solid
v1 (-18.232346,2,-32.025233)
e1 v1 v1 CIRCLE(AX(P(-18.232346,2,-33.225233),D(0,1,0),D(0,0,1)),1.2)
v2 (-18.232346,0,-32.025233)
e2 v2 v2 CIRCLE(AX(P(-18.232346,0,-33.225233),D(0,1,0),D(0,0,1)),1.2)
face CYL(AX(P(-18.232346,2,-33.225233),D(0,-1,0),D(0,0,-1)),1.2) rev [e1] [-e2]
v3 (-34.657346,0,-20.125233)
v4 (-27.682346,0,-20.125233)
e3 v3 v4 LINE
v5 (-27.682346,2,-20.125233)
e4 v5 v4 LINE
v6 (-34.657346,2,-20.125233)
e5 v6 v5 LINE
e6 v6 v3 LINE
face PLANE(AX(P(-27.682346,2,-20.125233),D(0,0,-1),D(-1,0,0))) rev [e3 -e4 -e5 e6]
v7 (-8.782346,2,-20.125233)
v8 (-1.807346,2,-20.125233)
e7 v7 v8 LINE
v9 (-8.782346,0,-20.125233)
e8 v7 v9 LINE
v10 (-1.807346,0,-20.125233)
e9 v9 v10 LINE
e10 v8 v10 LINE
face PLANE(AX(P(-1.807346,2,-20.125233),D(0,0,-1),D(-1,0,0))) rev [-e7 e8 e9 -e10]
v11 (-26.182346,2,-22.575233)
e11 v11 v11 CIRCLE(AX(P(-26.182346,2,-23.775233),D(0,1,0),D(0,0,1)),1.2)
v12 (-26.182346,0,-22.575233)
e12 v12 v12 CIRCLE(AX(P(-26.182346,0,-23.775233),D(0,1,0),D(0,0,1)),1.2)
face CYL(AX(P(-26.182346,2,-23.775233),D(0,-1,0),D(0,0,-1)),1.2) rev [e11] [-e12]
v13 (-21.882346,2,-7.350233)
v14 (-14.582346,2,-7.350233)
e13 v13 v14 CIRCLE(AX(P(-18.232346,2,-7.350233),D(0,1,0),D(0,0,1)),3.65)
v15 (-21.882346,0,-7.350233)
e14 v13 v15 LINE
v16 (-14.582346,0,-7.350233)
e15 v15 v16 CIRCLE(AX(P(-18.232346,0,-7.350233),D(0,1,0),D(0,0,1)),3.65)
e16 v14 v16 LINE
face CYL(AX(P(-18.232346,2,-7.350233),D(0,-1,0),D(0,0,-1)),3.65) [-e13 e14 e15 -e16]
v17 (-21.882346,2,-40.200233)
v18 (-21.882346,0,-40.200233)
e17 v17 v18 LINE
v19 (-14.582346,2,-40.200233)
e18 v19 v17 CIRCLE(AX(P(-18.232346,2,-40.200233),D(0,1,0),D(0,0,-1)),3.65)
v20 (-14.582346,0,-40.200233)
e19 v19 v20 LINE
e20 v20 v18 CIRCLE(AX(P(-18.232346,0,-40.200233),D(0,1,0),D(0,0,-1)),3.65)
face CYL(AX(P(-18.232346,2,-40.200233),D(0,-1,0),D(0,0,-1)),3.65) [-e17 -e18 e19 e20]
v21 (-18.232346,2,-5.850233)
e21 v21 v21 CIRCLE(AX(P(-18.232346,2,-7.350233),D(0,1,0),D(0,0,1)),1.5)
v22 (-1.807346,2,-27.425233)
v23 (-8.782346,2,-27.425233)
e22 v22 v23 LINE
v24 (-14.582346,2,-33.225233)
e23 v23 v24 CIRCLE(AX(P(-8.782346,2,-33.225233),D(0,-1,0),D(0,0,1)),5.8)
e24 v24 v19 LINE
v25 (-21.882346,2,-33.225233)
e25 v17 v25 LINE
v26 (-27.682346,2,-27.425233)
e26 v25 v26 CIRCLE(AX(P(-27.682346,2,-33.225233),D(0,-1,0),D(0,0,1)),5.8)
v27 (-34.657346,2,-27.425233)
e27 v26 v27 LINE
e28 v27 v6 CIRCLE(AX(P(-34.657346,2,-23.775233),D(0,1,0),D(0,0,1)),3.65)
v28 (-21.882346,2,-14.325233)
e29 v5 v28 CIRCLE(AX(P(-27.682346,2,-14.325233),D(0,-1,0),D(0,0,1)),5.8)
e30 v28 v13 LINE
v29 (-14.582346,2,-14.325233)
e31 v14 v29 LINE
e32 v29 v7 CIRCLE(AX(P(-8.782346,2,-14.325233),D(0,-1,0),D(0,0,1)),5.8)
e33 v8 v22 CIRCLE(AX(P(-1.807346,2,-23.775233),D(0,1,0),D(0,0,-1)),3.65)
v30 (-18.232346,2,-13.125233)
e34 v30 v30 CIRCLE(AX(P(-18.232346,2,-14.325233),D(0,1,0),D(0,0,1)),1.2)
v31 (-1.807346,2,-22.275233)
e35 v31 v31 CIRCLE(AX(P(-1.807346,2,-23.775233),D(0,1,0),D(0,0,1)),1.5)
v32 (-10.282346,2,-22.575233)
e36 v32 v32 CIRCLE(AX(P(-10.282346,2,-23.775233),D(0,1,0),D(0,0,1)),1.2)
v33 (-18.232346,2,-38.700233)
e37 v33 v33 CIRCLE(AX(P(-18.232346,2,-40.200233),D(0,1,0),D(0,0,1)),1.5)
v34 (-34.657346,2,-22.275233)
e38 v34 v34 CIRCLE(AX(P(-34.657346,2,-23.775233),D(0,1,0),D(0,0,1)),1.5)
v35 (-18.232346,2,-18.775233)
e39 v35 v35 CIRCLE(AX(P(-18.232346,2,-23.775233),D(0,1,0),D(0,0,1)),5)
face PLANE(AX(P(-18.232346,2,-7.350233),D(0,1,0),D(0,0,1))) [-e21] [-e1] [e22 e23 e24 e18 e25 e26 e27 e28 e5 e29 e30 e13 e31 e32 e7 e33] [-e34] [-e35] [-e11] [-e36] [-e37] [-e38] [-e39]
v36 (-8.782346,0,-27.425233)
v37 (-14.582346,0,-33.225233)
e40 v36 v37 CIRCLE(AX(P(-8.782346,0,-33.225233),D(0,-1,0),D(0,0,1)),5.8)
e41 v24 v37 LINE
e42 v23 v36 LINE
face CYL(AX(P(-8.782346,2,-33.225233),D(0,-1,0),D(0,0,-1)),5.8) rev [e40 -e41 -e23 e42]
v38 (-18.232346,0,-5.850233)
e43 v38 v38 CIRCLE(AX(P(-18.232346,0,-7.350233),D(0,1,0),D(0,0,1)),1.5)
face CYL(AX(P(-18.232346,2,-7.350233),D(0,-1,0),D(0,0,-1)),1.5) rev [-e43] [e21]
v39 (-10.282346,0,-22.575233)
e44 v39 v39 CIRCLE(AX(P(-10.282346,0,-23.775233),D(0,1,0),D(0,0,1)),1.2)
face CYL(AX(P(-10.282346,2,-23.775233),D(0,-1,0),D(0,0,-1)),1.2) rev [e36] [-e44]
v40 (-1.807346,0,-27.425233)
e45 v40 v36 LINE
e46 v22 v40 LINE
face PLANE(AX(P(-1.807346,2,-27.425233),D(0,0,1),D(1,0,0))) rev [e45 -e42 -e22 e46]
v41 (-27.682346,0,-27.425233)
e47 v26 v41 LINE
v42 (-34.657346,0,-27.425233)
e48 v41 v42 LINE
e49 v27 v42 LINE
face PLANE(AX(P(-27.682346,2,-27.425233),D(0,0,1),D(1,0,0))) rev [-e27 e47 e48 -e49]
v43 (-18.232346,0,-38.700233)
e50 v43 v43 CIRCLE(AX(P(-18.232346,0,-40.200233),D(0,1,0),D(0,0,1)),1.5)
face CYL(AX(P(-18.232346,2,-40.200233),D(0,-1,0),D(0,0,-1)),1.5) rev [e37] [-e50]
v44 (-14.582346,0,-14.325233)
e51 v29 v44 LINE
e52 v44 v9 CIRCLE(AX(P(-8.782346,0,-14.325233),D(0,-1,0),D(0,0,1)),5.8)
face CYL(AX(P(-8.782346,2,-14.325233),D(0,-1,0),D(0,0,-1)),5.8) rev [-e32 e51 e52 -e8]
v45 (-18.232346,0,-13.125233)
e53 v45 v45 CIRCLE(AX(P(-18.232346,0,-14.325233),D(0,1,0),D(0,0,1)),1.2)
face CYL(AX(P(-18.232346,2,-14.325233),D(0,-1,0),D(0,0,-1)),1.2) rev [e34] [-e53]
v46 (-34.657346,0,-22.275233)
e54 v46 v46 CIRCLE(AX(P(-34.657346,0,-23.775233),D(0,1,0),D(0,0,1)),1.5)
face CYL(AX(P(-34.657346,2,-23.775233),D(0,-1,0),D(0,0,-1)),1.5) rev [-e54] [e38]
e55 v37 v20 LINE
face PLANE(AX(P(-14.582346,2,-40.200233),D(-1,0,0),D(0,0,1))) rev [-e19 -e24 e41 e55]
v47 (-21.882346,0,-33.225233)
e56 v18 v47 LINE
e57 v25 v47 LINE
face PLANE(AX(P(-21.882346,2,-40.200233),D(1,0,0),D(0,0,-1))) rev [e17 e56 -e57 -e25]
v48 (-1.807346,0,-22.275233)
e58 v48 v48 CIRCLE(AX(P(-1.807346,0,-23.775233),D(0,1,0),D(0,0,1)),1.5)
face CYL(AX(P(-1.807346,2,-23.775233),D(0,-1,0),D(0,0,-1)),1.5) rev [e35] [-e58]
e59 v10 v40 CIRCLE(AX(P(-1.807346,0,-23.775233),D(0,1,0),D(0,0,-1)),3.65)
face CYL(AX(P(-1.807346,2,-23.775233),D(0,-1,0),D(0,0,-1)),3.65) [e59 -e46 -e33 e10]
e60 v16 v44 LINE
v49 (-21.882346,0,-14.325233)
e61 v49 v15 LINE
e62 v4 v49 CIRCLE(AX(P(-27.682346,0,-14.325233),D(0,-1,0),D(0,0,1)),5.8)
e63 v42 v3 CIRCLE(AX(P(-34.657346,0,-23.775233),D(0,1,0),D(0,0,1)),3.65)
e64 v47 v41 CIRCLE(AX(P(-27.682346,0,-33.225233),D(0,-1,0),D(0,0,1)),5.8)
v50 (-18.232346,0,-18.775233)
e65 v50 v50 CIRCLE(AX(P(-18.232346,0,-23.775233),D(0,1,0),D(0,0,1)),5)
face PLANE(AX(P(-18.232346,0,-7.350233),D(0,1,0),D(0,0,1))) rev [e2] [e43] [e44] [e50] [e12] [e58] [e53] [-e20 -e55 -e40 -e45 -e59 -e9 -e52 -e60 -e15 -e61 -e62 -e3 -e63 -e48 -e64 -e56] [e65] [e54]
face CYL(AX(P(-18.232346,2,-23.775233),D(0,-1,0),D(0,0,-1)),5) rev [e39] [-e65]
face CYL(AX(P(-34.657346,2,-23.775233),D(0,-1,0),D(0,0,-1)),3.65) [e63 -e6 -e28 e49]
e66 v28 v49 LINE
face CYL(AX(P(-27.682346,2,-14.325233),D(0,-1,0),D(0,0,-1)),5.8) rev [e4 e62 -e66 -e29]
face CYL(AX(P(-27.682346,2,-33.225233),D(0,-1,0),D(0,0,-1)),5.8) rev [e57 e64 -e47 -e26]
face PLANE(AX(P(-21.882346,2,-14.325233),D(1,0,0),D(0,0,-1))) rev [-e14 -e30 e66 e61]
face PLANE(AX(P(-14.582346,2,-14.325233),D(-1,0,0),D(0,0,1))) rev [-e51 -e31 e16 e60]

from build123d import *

# Parameters (mm, degrees)
SKETCH1_R      = 1.5
SKETCH1_R_2    = 1.2
SKETCH1_R_3    = 5
EXTRUDE1_DEPTH = 2


with BuildPart() as part:
    # Sketch1 → Extrude1 (new body)
    with BuildSketch(Plane(origin=(0, 0, 0), x_dir=(1, 0, 0), z_dir=(0, 1, 0))):
        with BuildLine():
            Line((-1.80734609, 20.125232899), (-8.78234609, 20.125232899))
            ThreePointArc((-8.78234609, 20.125232899), (-12.883565421, 18.42645223), (-14.58234609, 14.325232899))
            Line((-14.58234609, 14.325232899), (-14.58234609, 7.350232899))
            ThreePointArc((-14.58234609, 7.350232899), (-18.23234609, 3.700232899), (-21.88234609, 7.350232899))
            Line((-21.88234609, 7.350232899), (-21.88234609, 14.325232899))
            ThreePointArc((-21.88234609, 14.325232899), (-23.581126759, 18.42645223), (-27.68234609, 20.125232899))
            Line((-27.68234609, 20.125232899), (-34.65734609, 20.125232899))
            ThreePointArc((-34.65734609, 20.125232899), (-38.30734609, 23.775232899), (-34.65734609, 27.425232899))
            Line((-34.65734609, 27.425232899), (-27.68234609, 27.425232899))
            ThreePointArc((-27.68234609, 27.425232899), (-23.581126759, 29.124013568), (-21.88234609, 33.225232899))
            Line((-21.88234609, 33.225232899), (-21.88234609, 40.200232899))
            ThreePointArc((-21.88234609, 40.200232899), (-18.23234609, 43.850232899), (-14.58234609, 40.200232899))
            Line((-14.58234609, 40.200232899), (-14.58234609, 33.225232899))
            ThreePointArc((-14.58234609, 33.225232899), (-12.883565421, 29.124013568), (-8.78234609, 27.425232899))
            Line((-8.78234609, 27.425232899), (-1.80734609, 27.425232899))
            ThreePointArc((-1.80734609, 27.425232899), (1.84265391, 23.775232899), (-1.80734609, 20.125232899))
        make_face()
        with Locations(Location((-18.23234609, 40.200232899, 0), (0, 0, 270))):
            Circle(SKETCH1_R, mode=Mode.SUBTRACT)
        with Locations(Location((-18.23234609, 7.350232899, 0), (0, 0, 270))):
            Circle(SKETCH1_R, mode=Mode.SUBTRACT)
        with Locations(Location((-34.65734609, 23.775232899, 0), (0, 0, 270))):
            Circle(SKETCH1_R, mode=Mode.SUBTRACT)
        with Locations(Location((-1.80734609, 23.775232899, 0), (0, 0, 270))):
            Circle(SKETCH1_R, mode=Mode.SUBTRACT)
        with Locations(Location((-26.18234609, 23.775232899, 0), (0, 0, 270))):
            Circle(SKETCH1_R_2, mode=Mode.SUBTRACT)
        with Locations(Location((-10.28234609, 23.775232899, 0), (0, 0, 270))):
            Circle(SKETCH1_R_2, mode=Mode.SUBTRACT)
        with Locations(Location((-18.23234609, 33.225232899, 0), (0, 0, 270))):
            Circle(SKETCH1_R_2, mode=Mode.SUBTRACT)
        with Locations(Location((-18.23234609, 14.325232899, 0), (0, 0, 270))):
            Circle(SKETCH1_R_2, mode=Mode.SUBTRACT)
        with Locations(Location((-18.23234609, 23.775232899, 0), (0, 0, 270))):
            Circle(SKETCH1_R_3, mode=Mode.SUBTRACT)
    extrude(amount=EXTRUDE1_DEPTH)


solid = part.part
